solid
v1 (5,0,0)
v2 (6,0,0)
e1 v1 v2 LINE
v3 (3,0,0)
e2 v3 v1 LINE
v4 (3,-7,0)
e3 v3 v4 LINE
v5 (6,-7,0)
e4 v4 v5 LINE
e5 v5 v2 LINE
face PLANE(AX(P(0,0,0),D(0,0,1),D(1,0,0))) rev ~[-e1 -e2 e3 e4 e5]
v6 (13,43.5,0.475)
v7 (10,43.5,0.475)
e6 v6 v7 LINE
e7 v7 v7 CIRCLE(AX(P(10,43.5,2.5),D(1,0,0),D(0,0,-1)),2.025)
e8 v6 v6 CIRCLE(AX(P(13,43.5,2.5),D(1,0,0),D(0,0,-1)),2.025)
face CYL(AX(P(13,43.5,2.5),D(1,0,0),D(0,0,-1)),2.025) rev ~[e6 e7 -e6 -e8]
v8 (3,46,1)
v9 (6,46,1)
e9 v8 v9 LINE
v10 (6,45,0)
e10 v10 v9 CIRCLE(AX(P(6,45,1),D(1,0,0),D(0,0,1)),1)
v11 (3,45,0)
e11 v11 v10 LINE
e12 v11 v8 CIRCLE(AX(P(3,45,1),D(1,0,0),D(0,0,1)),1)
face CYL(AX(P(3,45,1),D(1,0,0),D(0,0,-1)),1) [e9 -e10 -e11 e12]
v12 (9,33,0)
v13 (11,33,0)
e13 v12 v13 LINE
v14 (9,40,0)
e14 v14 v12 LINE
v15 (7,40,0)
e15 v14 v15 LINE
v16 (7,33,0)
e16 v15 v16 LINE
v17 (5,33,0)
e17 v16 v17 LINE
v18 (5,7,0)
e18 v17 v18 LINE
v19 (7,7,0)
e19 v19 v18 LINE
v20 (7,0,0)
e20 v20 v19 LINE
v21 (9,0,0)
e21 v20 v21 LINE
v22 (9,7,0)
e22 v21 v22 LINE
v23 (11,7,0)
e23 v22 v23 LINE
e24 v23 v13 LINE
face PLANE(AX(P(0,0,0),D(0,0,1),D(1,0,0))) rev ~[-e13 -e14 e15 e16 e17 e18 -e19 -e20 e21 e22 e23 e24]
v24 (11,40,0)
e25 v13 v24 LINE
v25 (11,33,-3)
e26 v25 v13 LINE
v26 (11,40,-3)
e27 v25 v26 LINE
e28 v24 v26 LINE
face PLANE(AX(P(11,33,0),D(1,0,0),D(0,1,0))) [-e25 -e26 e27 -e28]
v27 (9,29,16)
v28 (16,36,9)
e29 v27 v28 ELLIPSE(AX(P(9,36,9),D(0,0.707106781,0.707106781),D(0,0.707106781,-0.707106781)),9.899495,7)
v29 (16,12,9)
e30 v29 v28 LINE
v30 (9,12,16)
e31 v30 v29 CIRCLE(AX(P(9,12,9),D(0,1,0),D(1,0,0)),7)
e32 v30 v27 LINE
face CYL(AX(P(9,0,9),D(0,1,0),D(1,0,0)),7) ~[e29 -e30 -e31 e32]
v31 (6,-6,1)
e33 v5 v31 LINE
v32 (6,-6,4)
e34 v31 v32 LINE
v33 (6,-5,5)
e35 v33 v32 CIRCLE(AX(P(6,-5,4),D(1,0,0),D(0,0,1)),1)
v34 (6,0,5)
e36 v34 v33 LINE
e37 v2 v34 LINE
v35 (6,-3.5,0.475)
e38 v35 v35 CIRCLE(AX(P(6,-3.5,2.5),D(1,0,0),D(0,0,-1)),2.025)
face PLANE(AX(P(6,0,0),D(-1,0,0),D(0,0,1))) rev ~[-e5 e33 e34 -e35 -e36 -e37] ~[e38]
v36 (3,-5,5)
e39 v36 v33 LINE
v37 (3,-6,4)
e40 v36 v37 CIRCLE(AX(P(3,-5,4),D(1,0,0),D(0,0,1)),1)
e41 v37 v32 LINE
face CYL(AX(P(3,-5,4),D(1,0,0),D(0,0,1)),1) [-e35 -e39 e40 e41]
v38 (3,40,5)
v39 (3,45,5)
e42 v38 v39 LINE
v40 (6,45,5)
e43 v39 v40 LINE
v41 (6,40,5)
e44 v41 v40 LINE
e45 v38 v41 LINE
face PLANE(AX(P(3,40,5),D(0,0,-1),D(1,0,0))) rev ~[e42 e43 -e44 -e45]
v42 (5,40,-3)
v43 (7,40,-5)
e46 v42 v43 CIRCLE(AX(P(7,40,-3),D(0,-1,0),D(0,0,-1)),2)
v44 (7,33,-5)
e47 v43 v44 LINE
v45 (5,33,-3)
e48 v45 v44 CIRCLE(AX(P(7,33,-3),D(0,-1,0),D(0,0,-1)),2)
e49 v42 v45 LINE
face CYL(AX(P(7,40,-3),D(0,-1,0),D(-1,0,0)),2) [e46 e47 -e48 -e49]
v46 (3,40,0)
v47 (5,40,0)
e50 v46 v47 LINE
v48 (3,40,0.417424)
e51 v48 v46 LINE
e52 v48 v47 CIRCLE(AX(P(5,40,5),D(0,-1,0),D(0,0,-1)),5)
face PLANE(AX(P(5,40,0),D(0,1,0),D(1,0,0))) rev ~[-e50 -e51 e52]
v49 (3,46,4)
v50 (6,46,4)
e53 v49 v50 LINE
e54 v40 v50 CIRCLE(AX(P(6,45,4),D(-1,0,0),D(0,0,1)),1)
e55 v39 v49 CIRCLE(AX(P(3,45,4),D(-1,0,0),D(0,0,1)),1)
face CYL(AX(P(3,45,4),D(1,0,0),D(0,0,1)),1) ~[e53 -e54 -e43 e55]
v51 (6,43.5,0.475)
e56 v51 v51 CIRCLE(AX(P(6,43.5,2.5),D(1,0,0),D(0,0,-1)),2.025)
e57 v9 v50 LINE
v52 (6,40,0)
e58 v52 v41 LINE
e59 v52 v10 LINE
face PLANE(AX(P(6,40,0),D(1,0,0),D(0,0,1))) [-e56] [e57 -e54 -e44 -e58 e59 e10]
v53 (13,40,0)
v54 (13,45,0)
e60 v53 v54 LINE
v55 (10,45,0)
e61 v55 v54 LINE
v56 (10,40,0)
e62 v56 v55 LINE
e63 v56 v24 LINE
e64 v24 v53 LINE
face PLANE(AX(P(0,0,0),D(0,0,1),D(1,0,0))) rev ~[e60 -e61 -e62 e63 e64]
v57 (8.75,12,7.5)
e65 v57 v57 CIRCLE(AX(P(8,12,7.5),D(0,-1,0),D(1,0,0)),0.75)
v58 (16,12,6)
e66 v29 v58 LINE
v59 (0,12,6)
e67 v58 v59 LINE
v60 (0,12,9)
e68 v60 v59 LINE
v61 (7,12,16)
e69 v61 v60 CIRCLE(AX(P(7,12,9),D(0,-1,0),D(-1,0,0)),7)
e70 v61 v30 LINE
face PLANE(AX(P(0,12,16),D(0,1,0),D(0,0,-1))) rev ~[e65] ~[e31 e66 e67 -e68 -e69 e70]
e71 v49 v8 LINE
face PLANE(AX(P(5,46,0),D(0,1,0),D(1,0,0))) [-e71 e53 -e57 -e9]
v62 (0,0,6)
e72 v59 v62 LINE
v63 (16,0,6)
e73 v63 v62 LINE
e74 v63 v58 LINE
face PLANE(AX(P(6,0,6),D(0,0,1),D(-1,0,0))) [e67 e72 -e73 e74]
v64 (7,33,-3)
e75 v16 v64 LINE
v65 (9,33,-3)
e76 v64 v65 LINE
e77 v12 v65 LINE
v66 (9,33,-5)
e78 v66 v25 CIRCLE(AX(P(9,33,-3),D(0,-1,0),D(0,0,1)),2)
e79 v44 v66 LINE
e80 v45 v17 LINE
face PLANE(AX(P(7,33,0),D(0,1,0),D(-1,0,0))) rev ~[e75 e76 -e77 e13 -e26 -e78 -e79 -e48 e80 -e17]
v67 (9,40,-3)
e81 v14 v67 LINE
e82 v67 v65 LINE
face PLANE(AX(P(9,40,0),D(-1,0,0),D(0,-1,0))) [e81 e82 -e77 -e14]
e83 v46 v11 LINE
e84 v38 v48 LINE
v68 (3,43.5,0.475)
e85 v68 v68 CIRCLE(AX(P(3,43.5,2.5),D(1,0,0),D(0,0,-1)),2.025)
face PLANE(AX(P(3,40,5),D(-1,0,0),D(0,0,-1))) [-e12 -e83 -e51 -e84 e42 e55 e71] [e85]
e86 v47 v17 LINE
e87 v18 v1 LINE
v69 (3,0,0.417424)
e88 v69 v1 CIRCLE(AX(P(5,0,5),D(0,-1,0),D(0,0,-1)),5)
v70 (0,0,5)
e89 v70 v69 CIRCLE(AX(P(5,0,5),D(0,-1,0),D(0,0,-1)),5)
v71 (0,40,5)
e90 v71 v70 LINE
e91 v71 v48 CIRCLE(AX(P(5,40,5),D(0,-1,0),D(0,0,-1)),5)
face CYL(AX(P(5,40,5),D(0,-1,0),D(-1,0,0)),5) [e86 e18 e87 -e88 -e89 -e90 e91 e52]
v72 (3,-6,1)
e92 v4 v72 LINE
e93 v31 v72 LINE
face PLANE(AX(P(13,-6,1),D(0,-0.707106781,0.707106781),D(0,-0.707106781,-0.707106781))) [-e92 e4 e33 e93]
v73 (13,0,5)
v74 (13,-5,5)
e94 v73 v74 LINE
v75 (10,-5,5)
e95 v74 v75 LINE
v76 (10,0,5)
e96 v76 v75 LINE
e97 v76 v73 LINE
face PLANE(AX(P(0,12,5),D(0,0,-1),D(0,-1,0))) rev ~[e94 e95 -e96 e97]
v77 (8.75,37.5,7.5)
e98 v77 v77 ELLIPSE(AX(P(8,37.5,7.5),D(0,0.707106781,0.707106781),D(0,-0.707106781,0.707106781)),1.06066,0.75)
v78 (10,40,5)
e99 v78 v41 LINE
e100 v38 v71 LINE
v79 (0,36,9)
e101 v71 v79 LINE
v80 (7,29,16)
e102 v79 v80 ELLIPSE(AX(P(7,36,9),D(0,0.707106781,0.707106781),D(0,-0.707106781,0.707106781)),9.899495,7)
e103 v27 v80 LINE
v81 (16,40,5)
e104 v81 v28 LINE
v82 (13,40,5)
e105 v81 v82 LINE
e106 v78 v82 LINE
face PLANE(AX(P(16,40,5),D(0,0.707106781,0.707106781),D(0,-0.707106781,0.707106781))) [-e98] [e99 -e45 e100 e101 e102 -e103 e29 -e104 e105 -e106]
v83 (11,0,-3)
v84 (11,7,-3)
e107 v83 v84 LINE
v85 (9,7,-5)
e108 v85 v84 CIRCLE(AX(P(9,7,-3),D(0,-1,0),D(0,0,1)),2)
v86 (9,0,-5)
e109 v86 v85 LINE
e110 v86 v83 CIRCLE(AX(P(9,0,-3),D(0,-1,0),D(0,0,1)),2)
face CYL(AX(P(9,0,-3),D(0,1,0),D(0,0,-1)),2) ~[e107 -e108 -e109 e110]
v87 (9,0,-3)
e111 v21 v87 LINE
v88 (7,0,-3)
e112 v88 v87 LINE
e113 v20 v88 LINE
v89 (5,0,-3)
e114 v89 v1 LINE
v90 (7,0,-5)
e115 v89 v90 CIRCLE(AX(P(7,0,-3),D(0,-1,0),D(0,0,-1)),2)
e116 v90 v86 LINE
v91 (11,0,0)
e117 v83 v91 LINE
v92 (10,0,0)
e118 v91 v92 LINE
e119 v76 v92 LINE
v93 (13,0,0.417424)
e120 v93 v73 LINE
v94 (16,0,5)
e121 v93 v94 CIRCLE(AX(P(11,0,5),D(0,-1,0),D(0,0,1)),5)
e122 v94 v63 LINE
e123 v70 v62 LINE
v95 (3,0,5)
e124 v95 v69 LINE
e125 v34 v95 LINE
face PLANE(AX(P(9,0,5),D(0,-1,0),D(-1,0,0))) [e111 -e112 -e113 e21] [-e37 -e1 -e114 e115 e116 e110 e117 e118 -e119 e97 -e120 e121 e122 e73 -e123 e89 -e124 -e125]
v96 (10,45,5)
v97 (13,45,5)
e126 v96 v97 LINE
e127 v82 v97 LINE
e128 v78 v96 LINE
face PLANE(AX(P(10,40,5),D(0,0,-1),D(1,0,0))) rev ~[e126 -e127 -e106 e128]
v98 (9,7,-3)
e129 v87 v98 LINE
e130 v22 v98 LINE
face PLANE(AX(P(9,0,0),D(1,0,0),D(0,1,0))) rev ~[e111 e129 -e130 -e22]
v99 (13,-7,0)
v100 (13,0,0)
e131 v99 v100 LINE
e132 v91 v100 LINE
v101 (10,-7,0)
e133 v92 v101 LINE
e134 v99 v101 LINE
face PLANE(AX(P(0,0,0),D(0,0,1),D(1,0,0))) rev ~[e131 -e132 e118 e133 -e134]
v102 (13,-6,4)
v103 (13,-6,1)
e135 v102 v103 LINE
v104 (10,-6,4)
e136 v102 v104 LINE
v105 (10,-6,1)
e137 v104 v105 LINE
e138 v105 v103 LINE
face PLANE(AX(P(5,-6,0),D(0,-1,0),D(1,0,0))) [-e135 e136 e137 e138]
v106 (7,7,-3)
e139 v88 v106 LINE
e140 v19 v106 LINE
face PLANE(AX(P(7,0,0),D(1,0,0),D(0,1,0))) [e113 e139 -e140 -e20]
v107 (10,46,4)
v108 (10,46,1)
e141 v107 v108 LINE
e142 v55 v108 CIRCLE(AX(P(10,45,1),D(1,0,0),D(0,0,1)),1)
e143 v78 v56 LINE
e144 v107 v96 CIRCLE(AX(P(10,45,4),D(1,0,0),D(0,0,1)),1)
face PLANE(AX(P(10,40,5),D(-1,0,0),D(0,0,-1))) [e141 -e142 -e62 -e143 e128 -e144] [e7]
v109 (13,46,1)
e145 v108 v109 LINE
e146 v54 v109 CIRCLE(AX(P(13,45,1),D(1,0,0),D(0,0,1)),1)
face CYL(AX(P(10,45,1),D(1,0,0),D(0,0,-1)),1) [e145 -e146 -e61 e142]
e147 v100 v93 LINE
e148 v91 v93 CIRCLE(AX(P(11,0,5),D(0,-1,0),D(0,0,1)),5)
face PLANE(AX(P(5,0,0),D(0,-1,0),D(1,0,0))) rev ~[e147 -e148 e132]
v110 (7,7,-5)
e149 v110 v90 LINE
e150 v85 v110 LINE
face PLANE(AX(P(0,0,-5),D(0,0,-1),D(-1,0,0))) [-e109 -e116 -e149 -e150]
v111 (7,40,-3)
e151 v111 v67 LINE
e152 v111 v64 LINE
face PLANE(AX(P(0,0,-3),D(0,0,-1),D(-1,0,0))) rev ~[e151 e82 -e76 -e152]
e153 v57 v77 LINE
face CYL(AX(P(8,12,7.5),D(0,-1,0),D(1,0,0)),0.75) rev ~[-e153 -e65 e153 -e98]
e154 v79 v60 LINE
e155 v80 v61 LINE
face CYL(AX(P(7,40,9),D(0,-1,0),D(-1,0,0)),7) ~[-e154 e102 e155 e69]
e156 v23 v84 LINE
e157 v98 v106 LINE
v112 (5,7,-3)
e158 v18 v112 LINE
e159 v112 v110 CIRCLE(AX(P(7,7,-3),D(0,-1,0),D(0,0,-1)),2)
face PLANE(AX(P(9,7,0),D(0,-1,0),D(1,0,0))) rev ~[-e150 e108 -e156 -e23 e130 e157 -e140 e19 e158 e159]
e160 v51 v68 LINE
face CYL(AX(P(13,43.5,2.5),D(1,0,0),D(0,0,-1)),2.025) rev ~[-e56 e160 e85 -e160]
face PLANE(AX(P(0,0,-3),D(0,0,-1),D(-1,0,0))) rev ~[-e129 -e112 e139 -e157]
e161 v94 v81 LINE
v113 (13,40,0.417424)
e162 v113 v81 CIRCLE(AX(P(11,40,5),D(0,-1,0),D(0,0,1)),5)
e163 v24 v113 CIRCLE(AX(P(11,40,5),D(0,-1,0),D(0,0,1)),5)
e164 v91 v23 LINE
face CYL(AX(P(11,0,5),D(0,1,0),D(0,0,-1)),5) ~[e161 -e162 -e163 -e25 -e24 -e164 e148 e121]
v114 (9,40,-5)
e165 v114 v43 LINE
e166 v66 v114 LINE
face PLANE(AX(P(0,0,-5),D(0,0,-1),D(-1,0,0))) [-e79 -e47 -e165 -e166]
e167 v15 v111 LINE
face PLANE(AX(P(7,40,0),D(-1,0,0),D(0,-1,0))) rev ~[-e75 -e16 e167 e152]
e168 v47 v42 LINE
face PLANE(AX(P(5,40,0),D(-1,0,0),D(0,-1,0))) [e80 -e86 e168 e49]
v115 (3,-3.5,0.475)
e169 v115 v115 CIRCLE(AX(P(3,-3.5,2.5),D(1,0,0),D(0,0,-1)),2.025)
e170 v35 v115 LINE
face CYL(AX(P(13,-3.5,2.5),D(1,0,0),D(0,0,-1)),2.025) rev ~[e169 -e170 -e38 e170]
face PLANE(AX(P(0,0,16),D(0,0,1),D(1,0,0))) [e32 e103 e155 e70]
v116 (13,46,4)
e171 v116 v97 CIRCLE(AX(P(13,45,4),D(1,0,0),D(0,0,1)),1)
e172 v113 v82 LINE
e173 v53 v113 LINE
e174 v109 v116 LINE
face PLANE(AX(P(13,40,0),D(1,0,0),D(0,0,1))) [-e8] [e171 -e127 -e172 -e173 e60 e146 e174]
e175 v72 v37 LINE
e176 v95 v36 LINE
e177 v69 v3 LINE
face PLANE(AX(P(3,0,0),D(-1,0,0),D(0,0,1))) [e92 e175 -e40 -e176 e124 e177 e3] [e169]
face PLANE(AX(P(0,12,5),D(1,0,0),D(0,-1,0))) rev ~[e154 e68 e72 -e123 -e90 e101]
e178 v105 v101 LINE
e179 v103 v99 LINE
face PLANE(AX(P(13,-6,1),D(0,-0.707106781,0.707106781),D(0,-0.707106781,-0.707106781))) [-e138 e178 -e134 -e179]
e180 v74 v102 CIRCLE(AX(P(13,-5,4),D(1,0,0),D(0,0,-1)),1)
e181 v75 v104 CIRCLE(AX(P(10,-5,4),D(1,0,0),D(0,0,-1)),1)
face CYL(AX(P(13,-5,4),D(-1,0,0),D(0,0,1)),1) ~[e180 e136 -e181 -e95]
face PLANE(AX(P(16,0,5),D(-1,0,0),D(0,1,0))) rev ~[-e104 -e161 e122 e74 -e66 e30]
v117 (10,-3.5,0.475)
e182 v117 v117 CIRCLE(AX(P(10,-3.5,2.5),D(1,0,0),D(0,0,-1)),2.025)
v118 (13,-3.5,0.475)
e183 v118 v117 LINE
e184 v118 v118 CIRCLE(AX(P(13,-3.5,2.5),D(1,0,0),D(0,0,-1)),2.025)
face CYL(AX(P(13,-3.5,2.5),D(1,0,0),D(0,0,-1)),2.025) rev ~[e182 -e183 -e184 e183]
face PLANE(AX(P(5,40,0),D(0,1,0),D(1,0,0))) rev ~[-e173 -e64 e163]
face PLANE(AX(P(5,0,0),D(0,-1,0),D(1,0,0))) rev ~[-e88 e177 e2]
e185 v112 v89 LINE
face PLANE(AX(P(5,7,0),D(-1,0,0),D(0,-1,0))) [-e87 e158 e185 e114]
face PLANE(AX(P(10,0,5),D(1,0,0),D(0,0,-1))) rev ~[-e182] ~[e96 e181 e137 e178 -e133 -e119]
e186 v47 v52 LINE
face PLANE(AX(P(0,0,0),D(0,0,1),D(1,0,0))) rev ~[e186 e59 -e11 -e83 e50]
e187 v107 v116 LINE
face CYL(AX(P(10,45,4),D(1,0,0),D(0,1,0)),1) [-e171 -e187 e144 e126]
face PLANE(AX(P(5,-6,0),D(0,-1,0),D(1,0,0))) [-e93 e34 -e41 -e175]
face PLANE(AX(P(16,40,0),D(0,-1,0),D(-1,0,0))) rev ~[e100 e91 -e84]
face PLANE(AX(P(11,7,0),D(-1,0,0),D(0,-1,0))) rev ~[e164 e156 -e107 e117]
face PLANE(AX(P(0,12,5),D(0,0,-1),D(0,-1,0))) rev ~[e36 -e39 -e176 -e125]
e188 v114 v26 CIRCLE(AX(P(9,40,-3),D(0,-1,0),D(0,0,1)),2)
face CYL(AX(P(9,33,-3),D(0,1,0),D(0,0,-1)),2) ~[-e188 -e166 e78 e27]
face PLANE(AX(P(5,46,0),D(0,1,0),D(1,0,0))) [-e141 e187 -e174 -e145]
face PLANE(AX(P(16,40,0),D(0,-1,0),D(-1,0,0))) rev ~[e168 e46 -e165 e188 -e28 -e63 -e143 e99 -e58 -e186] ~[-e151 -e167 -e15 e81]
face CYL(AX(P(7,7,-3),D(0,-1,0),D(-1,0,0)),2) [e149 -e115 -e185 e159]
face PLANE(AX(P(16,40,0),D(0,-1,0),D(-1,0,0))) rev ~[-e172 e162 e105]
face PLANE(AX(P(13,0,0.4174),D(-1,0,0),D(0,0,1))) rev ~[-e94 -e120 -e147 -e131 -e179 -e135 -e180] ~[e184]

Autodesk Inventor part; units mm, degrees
ref_plane "YZ Plane" through (0, 0, 0) normal (1, 0, 0) x (0, 1, 0)
ref_plane "XZ Plane" through (0, 0, 0) normal (0, 1, 0) x (-1, 0, 0)
ref_plane "XY Plane" through (0, 0, 0) normal (0, 0, 1) x (1, 0, 0)
sketch "Sketch2" plane through (0, 0, 0) normal (0, 0, 1) x (1, 0, 0)
  line L0 (0, 0) -> (16, 0)
  line L1 (16, 0) -> (16, 40)
  line L2 (16, 40) -> (0, 40)
  line L3 (0, 40) -> (0, 0)
  dimension "d0" = 16
  dimension "d1" = 40
extrude "Extrusion1" add sketch "Sketch2" along normal blind 16
fillet "Fillet1" radius 7 2 edges at (16, 20, 16) (0, 20, 16)
fillet "Fillet2" radius 5 2 edges at (16, 20, 0) (0, 20, 0)
sketch "Sketch3" plane through (16, 0, 9) normal (1, 0, 0) x (0, 0, -1)
  line L0 (4, 0) -> (4, 40) projected
  line L1 (4, 40) -> (-7, 29)
  line L2 (-7, 0) -> (-7, 40) projected
  line L3 (4, 40) -> (19.5563, 40) construction
  line L4 (-7, 29) -> (-7, 40)
  line L5 (-7, 40) -> (4, 40)
  line L6 (1, 0) -> (12.3137, 0) construction
  line L7 (-7, 8) -> (-7, 0)
  line L8 (1, 0) -> (19.9296, 0) construction
  line L9 (-7, 17.1561) -> (-7, 8)
  point P0 (9, 0)
  dimension "d6" = 135
extrude "Extrusion2" cut sketch "Sketch3" against normal through all
sketch "Sketch4" plane through (5, 40, 0) normal (0, 1, 0) x (1, 0, 0)
  line L0 (1, -4.25) -> (5, -0.75) construction
  line L1 (-5, -5) -> (11, -5) projected
  line L2 (1, -5) -> (-2, -5)
  line L3 (-2, -5) -> (-2, 0)
  line L4 (-2, 0) -> (1, 0)
  line L5 (1, 0) -> (1, -5)
  line L6 (5, 0) -> (8, 0)
  line L7 (8, 0) -> (8, -5)
  line L8 (8, -5) -> (5, -5)
  line L9 (5, -5) -> (5, 0)
  point P0 (-5, 0)
  point P1 (-1.888, -0.75)
  point P2 (-1.888, -4.25)
  dimension "d58" = 3
  dimension "d79" = 4
extrude "Extrusion3" add sketch "Sketch4" along normal blind 6
sketch "Sketch6" plane through (5, 0, 0) normal (0, -1, 0) x (1, 0, 0)
  line L0 (5, 0) -> (1, 0) projected
  line L1 (8, 0.4174) -> (8, 5) projected
  line L2 (5, 0) -> (8, 0)
  line L3 (8, 0) -> (8, 5)
  line L4 (8, 5) -> (5, 5)
  line L5 (5, 5) -> (5, 0)
  line L6 (-2, 0) -> (-2, 0.4174) projected
  line L7 (-2, 5) -> (1, 5) projected
  line L8 (-2, 0) -> (1, 0)
  line L9 (1, 0) -> (1, 5)
  line L10 (1, 5) -> (-2, 5)
  line L11 (-2, 5) -> (-2, 0)
  point P0 (-5, 0)
  point P1 (-1.888, 0.75)
  point P2 (1, 0.75)
  point P3 (1, 4.25)
extrude "Extrusion5" add sketch "Sketch6" along normal blind 6
sketch "Sketch11" plane through (0, 0, 5) normal (-1, 0, 0) x (0, 0, 1)
  line L0 (0, 40) -> (0, 0) projected
  line L1 (11, 0) -> (11, 29) projected
  line L2 (0, 0) -> (11, 0)
  line L3 (11, 0) -> (11, 12)
  line L4 (11, 12) -> (0, 12)
  line L5 (0, 12) -> (0, 0)
  point P0 (-5, 0)
  dimension "d36" = 12
extrude "Extrusion9" cut sketch "Sketch11" against normal through all
sketch "Sketch12" plane through (0, 0, 0) normal (0, 0, -1) x (-1, 0, 0)
  line L0 (-10, 40) -> (-12.888, 40) projected
  line L1 (-11, 40) -> (-9, 40)
  line L2 (-9, 40) -> (-9, 33)
  line L3 (-9, 33) -> (-11, 33)
  line L4 (-11, 33) -> (-11, 40)
  line L5 (-5, 40) -> (-5, 0) projected
  line L6 (-5, 40) -> (-7, 40)
  line L7 (-7, 40) -> (-7, 33)
  line L8 (-7, 33) -> (-5, 33)
  line L9 (-5, 33) -> (-5, 40)
  line L10 (-12.888, 0) -> (-10, 0) projected
  line L11 (-11, 0) -> (-9, 0)
  line L12 (-9, 0) -> (-9, 7)
  line L13 (-9, 7) -> (-11, 7)
  line L14 (-11, 7) -> (-11, 0)
  line L15 (-5, 0) -> (-7, 0)
  line L16 (-7, 0) -> (-7, 7)
  line L17 (-7, 7) -> (-5, 7)
  line L18 (-5, 7) -> (-5, 0)
  point P0 (0, 0)
  point P1 (-5, 0)
  dimension "d39" = 2
  dimension "d40" = 7
  dimension "d41" = 2
  dimension "d42" = 7
  dimension "d43" = 2
  dimension "d44" = 7
  dimension "d45" = 2
  dimension "d46" = 7
extrude "Extrusion10" add sketch "Sketch12" along normal blind 3
sketch "Sketch13" plane through (0, 0, -3) normal (0, 0, -1) x (-1, 0, 0)
  line L0 (-16, 40) -> (-13, 40) projected
  line L1 (-11, 40) -> (-10, 40) projected
  line L2 (-5, 40) -> (-5, 33) projected
  line L3 (-11, 40) -> (-5, 40)
  line L4 (-5, 40) -> (-5, 33)
  line L5 (-5, 33) -> (-11, 33)
  line L6 (-11, 33) -> (-11, 40)
  line L7 (-11, 7) -> (-11, 33) projected
  line L8 (-3, 0) -> (-5, 0) projected
  line L9 (-11, 7) -> (-5, 7)
  line L10 (-5, 7) -> (-5, 0)
  line L11 (-5, 0) -> (-11, 0)
  line L12 (-11, 0) -> (-11, 7)
  point P0 (0, 0)
extrude "Extrusion11" add sketch "Sketch13" along normal blind 2
sketch "Sketch14" plane through (0, 12, 5) normal (0, -1, 0) x (1, 0, 0)
  circle A0 centre (8, 2.5) radius 0.75
  line L0 (16, 0) -> (0, 0) projected
  line L1 (16, 4) -> (16, 0) projected
  point P0 (0, -5)
  point P1 (16, 2)
  dimension "d52" = 1.5
  dimension "d55" = 2.5
  dimension "d56" = 8
extrude "Extrusion12" cut sketch "Sketch14" against normal through all
fillet "Fillet5" radius 2 4 edges at (11, 3.5, -5) (5, 3.5, -5) (11, 36.5, -5) (5, 36.5, -5)
sketch "Sketch15" plane through (13, 40, 0.4174) normal (1, 0, 0) x (0, 0, -1)
  circle A0 centre (-2.0826, 3.5) radius 2.025
  line L0 (0.4174, 0) -> (0.4174, 6) projected
  line L1 (-4.5826, 6) -> (0.4174, 6) projected
  point P0 (0.4174, -40)
  point P1 (0.4174, 3)
  dimension "d60" = 4.05
  dimension "d61" = 2.5
  dimension "d62" = 2.5
extrude "Extrusion13" cut sketch "Sketch15" against normal through all
fillet "Fillet6" radius 1 4 edges at (11.5, 46, 0) (11.5, 46, 5) (4.5, 46, 0) (4.5, 46, 5)
sketch "Sketch16" plane through (13, 0, 0.4174) normal (1, 0, 0) x (0, 0, -1)
  circle A0 centre (-2.0826, -3.5) radius 2.025
  line L0 (0.4174, 0) -> (0.4174, -6) projected
  line L1 (0.4174, -6) -> (-4.5826, -6) projected
  dimension "d66" = 4.05
  dimension "d67" = 2.5
  dimension "d68" = 2.5
extrude "Extrusion14" cut sketch "Sketch16" against normal through all
fillet "Fillet7" radius 1 2 edges at (4.5, -6, 5) (11.5, -6, 5)
sketch "Sketch17" plane through (5, -6, 0) normal (0, -1, 0) x (1, 0, 0)
  line L0 (8, 0) -> (8, 0.4174) projected
  line L1 (5, 0) -> (5, 5) projected
  line L2 (8, 0) -> (5, 0)
  line L3 (5, 0) -> (5, 1)
  line L4 (5, 1) -> (8, 1)
  line L5 (8, 1) -> (8, 0)
  line L6 (-2, 0) -> (1, 0) projected
  line L7 (-2, 0) -> (1, 0)
  line L8 (1, 0) -> (1, 1)
  line L9 (1, 1) -> (-2, 1)
  line L10 (-2, 1) -> (-2, 0)
  point P0 (-5, 0)
  dimension "d72" = 1
extrude "Extrusion15" add sketch "Sketch17" along normal blind 1
sketch "Sketch18" plane through (13, 0, 0.4174) normal (1, 0, 0) x (0, 0, -1)
  line L0 (-3.5826, -6) -> (-0.5826, -6) projected
  line L1 (0.4174, 0) -> (0.4174, -7) projected
  line L2 (-0.5826, -6) -> (0.4174, -7)
  line L3 (0.4174, -7) -> (-0.5826, -7)
  line L4 (-0.5826, -7) -> (-0.5826, -6)
extrude "Extrusion16" cut sketch "Sketch18" against normal through all
sketch "Sketch19" plane through (6, 0, 5) normal (0, 0, 1) x (-1, 0, 0)
  line L0 (-10, -12) -> (-10, -36) projected
  line L1 (-3, 0) -> (6, 0) projected
  line L2 (-10, -12) -> (6, -12)
  line L3 (6, -12) -> (6, 0)
  line L4 (6, 0) -> (-10, 0)
  line L5 (-10, 0) -> (-10, -12)
extrude "Extrusion17" add sketch "Sketch19" along normal blind 1
properties part number "FingerBase"
